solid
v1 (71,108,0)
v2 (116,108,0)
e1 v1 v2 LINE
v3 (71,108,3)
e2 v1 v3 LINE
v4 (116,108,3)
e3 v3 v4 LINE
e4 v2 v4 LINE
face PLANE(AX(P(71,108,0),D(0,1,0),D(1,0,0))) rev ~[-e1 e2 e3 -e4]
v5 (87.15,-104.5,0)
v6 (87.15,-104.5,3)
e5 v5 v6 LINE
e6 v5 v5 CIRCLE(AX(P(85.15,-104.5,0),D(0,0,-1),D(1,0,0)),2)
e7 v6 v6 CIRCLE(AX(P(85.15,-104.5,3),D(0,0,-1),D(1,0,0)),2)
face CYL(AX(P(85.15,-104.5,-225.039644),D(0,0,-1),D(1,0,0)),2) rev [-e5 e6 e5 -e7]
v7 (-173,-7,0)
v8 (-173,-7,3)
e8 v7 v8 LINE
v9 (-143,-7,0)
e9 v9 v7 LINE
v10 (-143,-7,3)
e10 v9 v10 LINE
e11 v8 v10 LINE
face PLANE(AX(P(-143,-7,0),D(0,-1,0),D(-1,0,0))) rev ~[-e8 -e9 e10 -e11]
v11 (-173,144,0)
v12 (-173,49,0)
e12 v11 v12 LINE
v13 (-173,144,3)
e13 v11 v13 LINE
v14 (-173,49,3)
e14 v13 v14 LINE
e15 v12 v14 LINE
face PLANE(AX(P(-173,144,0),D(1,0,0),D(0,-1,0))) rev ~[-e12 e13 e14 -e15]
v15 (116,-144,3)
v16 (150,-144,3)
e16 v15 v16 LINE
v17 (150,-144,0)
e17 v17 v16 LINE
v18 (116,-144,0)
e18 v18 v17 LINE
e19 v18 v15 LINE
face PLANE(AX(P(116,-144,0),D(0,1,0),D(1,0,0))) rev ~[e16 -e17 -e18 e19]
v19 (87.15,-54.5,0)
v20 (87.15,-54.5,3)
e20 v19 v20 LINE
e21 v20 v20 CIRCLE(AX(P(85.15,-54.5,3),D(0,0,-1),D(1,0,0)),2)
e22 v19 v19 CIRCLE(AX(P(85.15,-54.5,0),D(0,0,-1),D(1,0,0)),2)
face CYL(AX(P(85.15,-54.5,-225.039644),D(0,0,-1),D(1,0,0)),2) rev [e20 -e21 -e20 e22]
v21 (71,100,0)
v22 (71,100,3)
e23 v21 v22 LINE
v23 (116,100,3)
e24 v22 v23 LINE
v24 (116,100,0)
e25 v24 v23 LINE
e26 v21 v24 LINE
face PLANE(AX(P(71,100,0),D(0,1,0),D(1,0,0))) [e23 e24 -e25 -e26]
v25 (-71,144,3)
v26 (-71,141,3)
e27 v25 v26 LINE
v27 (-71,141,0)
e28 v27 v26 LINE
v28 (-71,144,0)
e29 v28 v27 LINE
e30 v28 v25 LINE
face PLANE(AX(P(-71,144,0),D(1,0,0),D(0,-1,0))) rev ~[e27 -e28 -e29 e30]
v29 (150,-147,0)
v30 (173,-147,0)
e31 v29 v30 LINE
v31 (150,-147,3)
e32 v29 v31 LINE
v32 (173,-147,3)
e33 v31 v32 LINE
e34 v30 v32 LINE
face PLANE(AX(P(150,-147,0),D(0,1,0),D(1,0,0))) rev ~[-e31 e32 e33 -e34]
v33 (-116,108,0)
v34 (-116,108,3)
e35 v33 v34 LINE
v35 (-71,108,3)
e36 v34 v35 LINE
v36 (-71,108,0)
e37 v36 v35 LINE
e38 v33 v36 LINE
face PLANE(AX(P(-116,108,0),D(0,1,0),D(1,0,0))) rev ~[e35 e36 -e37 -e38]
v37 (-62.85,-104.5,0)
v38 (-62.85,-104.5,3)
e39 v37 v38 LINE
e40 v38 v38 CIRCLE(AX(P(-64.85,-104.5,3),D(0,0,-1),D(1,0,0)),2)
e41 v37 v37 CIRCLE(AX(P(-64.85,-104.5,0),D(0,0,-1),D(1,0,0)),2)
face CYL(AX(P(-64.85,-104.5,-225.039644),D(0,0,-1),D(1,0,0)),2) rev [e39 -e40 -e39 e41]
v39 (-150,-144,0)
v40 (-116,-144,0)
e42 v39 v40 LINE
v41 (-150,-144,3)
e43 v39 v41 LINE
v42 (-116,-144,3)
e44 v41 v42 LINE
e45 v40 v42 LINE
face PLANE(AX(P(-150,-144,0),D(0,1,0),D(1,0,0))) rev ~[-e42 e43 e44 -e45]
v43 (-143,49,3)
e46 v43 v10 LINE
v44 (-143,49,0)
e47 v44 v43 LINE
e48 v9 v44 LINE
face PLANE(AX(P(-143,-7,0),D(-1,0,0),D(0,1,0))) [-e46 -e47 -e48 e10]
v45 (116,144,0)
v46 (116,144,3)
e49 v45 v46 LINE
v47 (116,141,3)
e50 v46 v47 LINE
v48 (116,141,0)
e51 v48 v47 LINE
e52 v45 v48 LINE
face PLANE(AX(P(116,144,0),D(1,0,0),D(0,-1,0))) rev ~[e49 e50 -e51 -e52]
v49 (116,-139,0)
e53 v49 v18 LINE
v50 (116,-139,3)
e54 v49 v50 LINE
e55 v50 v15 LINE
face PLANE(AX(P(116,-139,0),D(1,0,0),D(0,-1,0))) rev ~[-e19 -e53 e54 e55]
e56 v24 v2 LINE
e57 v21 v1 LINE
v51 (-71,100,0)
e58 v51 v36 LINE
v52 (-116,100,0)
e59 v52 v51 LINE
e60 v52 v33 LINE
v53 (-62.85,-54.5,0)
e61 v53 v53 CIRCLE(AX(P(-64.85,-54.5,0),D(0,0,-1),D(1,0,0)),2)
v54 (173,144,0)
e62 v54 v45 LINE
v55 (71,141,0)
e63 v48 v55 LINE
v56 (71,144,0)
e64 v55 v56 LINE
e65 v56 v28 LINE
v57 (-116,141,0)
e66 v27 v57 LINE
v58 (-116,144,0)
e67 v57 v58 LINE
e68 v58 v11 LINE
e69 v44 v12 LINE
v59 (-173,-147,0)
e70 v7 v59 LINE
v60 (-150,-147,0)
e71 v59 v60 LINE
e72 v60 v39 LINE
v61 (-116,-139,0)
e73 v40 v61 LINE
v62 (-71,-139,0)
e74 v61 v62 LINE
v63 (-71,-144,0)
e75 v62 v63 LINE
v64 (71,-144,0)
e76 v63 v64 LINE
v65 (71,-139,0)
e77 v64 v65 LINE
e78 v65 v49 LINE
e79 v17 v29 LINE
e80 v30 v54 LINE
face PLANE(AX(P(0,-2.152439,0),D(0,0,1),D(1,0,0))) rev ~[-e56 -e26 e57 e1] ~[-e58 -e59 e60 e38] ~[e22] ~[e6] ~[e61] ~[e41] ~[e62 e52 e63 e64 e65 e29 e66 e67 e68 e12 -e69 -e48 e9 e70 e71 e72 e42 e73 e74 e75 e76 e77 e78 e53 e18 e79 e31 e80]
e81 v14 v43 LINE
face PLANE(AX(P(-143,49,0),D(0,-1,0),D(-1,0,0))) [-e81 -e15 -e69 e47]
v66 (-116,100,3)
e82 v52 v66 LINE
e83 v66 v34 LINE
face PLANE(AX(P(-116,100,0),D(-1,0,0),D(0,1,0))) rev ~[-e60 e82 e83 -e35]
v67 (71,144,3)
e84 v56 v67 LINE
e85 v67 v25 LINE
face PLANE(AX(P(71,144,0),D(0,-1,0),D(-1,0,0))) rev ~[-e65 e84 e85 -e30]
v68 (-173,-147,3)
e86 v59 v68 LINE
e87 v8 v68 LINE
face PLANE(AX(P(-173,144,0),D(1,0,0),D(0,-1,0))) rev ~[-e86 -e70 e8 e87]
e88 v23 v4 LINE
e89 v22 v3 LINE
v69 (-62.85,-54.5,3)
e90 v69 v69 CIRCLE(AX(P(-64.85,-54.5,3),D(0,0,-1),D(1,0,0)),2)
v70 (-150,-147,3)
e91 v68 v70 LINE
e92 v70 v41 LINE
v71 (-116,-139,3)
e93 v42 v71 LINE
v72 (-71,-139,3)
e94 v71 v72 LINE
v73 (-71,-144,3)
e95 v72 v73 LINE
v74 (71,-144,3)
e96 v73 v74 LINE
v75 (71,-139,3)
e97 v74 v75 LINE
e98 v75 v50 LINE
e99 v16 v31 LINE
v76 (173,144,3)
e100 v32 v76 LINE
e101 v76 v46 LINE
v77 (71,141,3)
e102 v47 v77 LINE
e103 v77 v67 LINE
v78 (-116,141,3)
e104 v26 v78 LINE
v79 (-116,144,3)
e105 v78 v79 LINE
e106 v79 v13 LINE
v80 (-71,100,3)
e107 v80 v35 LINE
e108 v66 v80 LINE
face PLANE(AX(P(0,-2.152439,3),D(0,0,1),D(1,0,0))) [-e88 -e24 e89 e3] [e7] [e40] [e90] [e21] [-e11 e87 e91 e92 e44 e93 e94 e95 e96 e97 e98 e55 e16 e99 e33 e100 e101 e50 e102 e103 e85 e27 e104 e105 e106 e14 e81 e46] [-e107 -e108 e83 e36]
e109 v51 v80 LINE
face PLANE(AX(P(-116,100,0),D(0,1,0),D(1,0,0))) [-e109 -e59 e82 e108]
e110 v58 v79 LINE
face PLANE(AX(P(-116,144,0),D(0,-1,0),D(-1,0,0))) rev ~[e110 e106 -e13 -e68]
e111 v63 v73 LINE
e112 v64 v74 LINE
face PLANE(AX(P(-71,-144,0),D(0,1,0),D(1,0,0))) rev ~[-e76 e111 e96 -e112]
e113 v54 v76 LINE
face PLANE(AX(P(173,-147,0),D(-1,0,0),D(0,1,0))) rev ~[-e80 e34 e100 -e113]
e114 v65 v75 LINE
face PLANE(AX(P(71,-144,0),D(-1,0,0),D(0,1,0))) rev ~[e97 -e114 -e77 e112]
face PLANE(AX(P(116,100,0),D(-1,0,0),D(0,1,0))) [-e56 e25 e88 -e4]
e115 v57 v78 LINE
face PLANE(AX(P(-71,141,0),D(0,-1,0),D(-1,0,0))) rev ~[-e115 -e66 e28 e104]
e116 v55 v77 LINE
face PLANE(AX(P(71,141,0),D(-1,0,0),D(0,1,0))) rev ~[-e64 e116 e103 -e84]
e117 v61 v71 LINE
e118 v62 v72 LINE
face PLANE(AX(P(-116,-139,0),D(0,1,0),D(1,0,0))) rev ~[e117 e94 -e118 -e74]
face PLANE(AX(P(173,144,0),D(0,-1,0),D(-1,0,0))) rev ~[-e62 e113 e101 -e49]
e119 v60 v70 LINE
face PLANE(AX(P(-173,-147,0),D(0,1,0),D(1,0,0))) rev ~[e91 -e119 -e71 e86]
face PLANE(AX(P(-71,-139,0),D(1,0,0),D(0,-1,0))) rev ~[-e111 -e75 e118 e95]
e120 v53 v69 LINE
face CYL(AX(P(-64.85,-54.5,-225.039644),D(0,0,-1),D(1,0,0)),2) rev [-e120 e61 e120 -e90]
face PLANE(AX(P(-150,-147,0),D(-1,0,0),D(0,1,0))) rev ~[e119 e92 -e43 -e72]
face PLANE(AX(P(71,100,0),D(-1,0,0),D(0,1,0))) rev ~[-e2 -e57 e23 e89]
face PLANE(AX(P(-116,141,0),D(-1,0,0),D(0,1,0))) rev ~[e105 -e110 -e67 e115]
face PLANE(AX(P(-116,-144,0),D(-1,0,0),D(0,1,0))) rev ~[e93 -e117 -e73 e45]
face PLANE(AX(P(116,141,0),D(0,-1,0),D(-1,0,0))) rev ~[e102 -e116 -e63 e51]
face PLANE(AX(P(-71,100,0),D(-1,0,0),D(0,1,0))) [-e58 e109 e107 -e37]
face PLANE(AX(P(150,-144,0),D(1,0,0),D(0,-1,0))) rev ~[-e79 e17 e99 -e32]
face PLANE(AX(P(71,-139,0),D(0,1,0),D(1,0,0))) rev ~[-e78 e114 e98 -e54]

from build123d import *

# Parameters (mm, degrees)
SCHIZZO1_W                    = 45
SCHIZZO1_H                    = 8
ESTRUSIONE_ESTRUSIONE1_DEPTH  = 3
TAGLIO_ESTRUSIONE1_DEPTH      = 228.039644115
TAGLIO_ESTRUSIONE1_DEPTH_BACK = 228.039644115
SCHIZZO2_R                    = 2
SCHIZZO3_W                    = 30
SCHIZZO3_H                    = 56
TAGLIO_ESTRUSIONE2_DEPTH      = 228.039644115


with BuildPart() as part:
    # Schizzo1 → Estrusione-Estrusione1 (new body)
    with BuildSketch(Plane.XY):
        Polygon((173, -147), (173, 144), (116, 144), (116, 141), (71, 141), (71, 144), (-71, 144), (-71, 141), (-116, 141), (-116, 144), (-173, 144), (-173, -147), (-150, -147), (-150, -144), (-116, -144), (-116, -139), (-71, -139), (-71, -144), (71, -144), (71, -139), (116, -139), (116, -144), (150, -144), (150, -147), align=None)
        with Locations((93.5, 104)):
            Rectangle(SCHIZZO1_W, SCHIZZO1_H, mode=Mode.SUBTRACT)
        with Locations((-93.5, 104)):
            Rectangle(SCHIZZO1_W, SCHIZZO1_H, mode=Mode.SUBTRACT)
    extrude(amount=ESTRUSIONE_ESTRUSIONE1_DEPTH)

    # Schizzo2 → Taglio-Estrusione1 (cut, two sides: drawn at the far end of the back side and taken through both)
    with BuildSketch(Plane.XY.offset(3).offset(-TAGLIO_ESTRUSIONE1_DEPTH_BACK)):
        with Locations((-64.85, -54.5)):
            Circle(SCHIZZO2_R)
        with Locations((85.15, -54.5)):
            Circle(SCHIZZO2_R)
        with Locations((85.15, -104.5)):
            Circle(SCHIZZO2_R)
        with Locations((-64.85, -104.5)):
            Circle(SCHIZZO2_R)
    extrude(amount=TAGLIO_ESTRUSIONE1_DEPTH + TAGLIO_ESTRUSIONE1_DEPTH_BACK, mode=Mode.SUBTRACT)

    # Schizzo3 → Taglio-Estrusione2 (cut, through all)
    with BuildSketch(Plane(origin=(0, 0, 0), x_dir=(-1, 0, 0), z_dir=(0, 0, -1))):
        with Locations((158, 21)):
            Rectangle(SCHIZZO3_W, SCHIZZO3_H)
    extrude(amount=-TAGLIO_ESTRUSIONE2_DEPTH, mode=Mode.SUBTRACT)


solid = part.part
